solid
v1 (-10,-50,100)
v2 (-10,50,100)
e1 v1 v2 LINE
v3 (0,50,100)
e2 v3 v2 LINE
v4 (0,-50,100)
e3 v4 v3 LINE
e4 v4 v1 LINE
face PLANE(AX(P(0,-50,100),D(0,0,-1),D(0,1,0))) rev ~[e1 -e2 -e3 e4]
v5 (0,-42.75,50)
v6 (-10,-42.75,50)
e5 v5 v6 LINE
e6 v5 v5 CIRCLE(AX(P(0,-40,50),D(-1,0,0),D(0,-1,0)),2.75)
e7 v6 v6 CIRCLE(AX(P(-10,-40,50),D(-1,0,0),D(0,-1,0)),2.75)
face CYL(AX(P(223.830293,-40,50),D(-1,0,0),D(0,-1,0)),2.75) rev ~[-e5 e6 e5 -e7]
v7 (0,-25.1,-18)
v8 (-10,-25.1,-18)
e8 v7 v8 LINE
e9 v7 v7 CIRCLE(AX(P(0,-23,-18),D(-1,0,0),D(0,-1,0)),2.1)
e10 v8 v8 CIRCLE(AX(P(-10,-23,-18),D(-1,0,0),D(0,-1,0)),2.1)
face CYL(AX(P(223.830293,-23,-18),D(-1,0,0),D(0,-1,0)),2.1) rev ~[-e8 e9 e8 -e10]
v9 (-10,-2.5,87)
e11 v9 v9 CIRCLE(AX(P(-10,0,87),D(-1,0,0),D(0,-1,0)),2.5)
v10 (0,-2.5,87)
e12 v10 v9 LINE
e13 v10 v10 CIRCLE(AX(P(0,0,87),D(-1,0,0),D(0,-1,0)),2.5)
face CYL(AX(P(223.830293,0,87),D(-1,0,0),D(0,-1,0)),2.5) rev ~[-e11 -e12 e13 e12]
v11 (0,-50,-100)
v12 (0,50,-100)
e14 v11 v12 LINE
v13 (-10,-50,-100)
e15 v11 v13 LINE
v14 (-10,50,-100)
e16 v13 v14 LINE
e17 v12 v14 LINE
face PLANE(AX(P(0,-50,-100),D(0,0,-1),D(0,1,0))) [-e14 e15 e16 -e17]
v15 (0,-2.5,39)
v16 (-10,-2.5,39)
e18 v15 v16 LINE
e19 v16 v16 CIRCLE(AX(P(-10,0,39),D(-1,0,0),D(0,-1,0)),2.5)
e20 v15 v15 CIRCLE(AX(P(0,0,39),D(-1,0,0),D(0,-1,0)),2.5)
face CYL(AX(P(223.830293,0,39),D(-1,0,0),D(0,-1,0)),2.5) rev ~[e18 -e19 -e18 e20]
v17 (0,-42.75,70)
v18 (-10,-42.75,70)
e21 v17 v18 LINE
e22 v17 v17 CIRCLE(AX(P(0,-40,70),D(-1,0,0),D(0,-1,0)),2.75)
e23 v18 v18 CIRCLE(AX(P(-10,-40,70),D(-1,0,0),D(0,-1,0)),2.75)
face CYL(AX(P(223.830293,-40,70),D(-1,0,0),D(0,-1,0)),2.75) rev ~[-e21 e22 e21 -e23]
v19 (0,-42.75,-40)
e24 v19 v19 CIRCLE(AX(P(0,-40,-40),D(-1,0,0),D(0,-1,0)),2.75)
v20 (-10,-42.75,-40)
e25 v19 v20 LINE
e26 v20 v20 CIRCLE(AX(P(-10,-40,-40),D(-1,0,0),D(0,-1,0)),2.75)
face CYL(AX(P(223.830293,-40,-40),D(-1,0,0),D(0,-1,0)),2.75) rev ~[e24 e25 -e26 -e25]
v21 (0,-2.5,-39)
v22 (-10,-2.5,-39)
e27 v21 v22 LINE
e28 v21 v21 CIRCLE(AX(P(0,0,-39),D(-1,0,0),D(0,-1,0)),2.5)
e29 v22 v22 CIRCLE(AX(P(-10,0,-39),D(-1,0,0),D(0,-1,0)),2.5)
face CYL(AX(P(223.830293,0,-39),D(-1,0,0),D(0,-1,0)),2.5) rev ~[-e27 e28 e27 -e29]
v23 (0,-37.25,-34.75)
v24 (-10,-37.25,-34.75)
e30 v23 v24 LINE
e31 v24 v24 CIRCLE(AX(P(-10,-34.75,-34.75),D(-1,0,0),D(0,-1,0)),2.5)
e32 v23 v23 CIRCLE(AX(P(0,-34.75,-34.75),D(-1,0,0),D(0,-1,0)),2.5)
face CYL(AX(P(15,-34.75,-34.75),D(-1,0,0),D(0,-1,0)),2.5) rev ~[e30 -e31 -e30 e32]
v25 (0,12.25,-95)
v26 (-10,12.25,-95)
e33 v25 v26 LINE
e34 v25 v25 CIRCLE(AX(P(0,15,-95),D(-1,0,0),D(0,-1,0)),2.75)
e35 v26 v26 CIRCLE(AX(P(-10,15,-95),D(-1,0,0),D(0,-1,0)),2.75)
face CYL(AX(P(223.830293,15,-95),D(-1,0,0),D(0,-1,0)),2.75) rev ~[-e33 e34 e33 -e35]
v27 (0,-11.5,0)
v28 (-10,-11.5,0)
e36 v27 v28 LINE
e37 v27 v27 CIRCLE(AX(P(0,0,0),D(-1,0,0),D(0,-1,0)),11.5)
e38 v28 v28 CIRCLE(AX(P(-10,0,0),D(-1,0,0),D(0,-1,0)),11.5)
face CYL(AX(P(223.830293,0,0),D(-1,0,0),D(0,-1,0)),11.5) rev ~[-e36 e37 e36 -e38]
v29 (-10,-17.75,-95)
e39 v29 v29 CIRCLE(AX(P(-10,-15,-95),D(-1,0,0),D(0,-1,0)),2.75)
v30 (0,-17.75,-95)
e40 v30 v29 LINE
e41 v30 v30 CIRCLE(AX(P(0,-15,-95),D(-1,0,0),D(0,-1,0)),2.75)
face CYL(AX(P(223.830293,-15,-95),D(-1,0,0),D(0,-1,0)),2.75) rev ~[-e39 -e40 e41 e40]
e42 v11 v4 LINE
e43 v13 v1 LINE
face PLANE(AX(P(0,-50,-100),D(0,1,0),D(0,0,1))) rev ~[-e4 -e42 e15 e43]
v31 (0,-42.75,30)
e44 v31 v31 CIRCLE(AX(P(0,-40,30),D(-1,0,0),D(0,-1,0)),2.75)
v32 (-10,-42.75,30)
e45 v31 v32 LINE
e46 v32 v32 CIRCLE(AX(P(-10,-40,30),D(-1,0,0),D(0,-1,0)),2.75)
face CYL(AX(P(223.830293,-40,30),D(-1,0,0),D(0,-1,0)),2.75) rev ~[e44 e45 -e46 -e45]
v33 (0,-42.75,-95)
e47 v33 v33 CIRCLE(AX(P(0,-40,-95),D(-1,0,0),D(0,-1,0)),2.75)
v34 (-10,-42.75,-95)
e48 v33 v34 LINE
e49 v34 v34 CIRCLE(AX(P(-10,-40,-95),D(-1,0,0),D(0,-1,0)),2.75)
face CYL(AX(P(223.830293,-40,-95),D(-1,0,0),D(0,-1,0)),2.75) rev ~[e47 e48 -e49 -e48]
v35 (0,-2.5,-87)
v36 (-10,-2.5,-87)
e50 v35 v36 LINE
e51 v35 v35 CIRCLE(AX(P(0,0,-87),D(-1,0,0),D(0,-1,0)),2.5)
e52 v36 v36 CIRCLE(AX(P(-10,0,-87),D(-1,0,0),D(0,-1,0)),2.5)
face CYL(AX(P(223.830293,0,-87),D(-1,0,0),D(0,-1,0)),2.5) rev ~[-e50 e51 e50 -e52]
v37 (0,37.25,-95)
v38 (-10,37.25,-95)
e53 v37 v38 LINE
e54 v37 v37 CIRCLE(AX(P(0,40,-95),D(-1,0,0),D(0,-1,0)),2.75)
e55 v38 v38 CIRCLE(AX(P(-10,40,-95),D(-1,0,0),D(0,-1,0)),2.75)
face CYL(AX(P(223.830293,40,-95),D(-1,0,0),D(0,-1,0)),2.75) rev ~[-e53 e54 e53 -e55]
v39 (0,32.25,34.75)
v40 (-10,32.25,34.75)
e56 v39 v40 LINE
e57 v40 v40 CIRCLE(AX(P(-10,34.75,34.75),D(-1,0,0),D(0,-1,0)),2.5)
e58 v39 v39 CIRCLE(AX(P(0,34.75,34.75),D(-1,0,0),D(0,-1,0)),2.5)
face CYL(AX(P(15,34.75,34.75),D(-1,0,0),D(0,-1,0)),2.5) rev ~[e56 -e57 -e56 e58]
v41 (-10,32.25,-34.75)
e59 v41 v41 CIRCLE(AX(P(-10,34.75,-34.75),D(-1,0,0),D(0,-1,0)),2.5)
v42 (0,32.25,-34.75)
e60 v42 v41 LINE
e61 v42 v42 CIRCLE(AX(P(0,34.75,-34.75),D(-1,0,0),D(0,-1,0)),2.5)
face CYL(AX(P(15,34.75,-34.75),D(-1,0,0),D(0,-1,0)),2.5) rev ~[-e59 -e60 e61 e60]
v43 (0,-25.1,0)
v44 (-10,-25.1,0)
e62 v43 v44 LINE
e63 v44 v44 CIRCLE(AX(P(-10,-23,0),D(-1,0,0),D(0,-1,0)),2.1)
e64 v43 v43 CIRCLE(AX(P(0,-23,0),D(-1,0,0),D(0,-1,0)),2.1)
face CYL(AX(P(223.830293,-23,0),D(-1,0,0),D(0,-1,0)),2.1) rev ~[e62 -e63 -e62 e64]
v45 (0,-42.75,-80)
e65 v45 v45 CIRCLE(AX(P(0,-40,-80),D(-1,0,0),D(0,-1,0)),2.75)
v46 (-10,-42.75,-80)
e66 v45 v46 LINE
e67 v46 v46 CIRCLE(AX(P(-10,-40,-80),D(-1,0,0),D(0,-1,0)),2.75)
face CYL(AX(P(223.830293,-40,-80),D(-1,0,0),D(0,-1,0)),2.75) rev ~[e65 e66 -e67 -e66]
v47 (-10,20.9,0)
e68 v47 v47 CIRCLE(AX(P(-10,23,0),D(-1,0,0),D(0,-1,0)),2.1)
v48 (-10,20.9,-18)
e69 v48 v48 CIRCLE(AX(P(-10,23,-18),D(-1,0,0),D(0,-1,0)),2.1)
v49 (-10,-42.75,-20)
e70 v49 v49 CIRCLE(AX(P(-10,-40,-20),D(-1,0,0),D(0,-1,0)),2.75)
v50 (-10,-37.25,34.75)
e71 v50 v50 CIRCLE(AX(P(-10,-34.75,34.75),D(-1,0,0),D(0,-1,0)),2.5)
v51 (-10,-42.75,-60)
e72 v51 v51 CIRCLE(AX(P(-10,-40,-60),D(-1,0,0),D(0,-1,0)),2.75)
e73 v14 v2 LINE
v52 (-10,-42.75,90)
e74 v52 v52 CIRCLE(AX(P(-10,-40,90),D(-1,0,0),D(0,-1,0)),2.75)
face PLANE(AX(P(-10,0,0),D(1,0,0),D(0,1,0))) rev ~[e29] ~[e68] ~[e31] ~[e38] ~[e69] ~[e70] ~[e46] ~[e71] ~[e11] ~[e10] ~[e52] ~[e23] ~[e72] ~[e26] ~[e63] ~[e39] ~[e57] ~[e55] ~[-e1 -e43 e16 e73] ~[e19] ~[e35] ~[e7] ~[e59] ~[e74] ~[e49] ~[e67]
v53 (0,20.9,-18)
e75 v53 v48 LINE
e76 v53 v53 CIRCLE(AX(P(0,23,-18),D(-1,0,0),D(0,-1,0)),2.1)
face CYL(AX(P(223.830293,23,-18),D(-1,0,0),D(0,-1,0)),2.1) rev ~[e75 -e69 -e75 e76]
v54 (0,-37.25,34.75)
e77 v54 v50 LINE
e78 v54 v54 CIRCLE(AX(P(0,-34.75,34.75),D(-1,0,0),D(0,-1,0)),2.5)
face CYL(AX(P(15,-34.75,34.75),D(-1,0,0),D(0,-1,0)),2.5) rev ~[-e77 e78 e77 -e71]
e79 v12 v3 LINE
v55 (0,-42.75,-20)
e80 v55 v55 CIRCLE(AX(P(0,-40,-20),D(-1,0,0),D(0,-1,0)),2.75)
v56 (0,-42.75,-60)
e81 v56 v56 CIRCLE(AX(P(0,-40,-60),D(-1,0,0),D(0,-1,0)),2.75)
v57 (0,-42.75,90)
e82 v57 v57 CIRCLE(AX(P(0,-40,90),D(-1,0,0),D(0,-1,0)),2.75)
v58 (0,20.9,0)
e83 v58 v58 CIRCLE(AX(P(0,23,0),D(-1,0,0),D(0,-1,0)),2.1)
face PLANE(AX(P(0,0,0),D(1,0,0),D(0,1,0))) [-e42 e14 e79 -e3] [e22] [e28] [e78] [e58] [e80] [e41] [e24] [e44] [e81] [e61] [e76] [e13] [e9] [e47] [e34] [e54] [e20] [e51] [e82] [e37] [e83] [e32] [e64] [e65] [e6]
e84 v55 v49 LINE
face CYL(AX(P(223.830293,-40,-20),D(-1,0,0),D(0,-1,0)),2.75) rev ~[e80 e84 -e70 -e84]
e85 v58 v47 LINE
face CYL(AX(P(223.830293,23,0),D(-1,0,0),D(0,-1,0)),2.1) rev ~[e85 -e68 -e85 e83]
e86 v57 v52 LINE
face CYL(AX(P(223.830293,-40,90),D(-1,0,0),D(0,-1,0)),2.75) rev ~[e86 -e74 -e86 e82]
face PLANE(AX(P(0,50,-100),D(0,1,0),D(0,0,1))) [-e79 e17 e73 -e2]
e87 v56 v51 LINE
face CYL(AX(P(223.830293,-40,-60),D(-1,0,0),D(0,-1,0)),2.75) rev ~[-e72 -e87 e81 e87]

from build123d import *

# Parameters (mm, degrees)
F0_W     = 100
F0_H     = 200
F1_DEPTH = 10
F2_D     = 5
F3_D     = 4.2
F4_D     = 23
F5_D     = 5.5
F6_D     = 5.5
F7_D     = 5
F7_DEPTH = 15
F7_TIP   = 1.5021515476


with BuildPart() as f1:
    # F0 (on Right) → F1 (new body)
    with BuildSketch(Plane.YZ):
        Rectangle(F0_W, F0_H)
    extrude(amount=-F1_DEPTH)

    # F2 (through all)
    with Locations(Plane.YZ):
        with Locations((0, 39), (0, 87), (0, -39), (0, -87)):
            Hole(F2_D / 2)

    # F3 (through all)
    with Locations(Plane.YZ):
        with Locations((-23, -18), (-23, 0), (23, 0), (23, -18)):
            Hole(F3_D / 2)

    # F4 (through all)
    with Locations(Plane.YZ):
        with Locations((0, 0)):
            Hole(F4_D / 2)

    # F5 (through all)
    with Locations(Plane.YZ):
        with Locations((-40, 90), (-40, 70), (-40, 50), (-40, 30), (-40, -20), (-40, -40), (-40, -60), (-40, -80)):
            Hole(F5_D / 2)

    # F6 (through all)
    with Locations(Plane.YZ):
        with Locations((-40, -95), (-15, -95), (15, -95), (40, -95)):
            Hole(F6_D / 2)

    # F7
    with Locations(Plane.YZ):
        with Locations((34.75, 34.75), (-34.75, 34.75), (-34.75, -34.75), (34.75, -34.75)):
            Hole(F7_D / 2, depth=F7_DEPTH)
            with Locations((0, 0, -(F7_DEPTH + F7_TIP / 2))):  # 118° drill point
                Cone(0, F7_D / 2, F7_TIP, mode=Mode.SUBTRACT)


solid = f1.part
